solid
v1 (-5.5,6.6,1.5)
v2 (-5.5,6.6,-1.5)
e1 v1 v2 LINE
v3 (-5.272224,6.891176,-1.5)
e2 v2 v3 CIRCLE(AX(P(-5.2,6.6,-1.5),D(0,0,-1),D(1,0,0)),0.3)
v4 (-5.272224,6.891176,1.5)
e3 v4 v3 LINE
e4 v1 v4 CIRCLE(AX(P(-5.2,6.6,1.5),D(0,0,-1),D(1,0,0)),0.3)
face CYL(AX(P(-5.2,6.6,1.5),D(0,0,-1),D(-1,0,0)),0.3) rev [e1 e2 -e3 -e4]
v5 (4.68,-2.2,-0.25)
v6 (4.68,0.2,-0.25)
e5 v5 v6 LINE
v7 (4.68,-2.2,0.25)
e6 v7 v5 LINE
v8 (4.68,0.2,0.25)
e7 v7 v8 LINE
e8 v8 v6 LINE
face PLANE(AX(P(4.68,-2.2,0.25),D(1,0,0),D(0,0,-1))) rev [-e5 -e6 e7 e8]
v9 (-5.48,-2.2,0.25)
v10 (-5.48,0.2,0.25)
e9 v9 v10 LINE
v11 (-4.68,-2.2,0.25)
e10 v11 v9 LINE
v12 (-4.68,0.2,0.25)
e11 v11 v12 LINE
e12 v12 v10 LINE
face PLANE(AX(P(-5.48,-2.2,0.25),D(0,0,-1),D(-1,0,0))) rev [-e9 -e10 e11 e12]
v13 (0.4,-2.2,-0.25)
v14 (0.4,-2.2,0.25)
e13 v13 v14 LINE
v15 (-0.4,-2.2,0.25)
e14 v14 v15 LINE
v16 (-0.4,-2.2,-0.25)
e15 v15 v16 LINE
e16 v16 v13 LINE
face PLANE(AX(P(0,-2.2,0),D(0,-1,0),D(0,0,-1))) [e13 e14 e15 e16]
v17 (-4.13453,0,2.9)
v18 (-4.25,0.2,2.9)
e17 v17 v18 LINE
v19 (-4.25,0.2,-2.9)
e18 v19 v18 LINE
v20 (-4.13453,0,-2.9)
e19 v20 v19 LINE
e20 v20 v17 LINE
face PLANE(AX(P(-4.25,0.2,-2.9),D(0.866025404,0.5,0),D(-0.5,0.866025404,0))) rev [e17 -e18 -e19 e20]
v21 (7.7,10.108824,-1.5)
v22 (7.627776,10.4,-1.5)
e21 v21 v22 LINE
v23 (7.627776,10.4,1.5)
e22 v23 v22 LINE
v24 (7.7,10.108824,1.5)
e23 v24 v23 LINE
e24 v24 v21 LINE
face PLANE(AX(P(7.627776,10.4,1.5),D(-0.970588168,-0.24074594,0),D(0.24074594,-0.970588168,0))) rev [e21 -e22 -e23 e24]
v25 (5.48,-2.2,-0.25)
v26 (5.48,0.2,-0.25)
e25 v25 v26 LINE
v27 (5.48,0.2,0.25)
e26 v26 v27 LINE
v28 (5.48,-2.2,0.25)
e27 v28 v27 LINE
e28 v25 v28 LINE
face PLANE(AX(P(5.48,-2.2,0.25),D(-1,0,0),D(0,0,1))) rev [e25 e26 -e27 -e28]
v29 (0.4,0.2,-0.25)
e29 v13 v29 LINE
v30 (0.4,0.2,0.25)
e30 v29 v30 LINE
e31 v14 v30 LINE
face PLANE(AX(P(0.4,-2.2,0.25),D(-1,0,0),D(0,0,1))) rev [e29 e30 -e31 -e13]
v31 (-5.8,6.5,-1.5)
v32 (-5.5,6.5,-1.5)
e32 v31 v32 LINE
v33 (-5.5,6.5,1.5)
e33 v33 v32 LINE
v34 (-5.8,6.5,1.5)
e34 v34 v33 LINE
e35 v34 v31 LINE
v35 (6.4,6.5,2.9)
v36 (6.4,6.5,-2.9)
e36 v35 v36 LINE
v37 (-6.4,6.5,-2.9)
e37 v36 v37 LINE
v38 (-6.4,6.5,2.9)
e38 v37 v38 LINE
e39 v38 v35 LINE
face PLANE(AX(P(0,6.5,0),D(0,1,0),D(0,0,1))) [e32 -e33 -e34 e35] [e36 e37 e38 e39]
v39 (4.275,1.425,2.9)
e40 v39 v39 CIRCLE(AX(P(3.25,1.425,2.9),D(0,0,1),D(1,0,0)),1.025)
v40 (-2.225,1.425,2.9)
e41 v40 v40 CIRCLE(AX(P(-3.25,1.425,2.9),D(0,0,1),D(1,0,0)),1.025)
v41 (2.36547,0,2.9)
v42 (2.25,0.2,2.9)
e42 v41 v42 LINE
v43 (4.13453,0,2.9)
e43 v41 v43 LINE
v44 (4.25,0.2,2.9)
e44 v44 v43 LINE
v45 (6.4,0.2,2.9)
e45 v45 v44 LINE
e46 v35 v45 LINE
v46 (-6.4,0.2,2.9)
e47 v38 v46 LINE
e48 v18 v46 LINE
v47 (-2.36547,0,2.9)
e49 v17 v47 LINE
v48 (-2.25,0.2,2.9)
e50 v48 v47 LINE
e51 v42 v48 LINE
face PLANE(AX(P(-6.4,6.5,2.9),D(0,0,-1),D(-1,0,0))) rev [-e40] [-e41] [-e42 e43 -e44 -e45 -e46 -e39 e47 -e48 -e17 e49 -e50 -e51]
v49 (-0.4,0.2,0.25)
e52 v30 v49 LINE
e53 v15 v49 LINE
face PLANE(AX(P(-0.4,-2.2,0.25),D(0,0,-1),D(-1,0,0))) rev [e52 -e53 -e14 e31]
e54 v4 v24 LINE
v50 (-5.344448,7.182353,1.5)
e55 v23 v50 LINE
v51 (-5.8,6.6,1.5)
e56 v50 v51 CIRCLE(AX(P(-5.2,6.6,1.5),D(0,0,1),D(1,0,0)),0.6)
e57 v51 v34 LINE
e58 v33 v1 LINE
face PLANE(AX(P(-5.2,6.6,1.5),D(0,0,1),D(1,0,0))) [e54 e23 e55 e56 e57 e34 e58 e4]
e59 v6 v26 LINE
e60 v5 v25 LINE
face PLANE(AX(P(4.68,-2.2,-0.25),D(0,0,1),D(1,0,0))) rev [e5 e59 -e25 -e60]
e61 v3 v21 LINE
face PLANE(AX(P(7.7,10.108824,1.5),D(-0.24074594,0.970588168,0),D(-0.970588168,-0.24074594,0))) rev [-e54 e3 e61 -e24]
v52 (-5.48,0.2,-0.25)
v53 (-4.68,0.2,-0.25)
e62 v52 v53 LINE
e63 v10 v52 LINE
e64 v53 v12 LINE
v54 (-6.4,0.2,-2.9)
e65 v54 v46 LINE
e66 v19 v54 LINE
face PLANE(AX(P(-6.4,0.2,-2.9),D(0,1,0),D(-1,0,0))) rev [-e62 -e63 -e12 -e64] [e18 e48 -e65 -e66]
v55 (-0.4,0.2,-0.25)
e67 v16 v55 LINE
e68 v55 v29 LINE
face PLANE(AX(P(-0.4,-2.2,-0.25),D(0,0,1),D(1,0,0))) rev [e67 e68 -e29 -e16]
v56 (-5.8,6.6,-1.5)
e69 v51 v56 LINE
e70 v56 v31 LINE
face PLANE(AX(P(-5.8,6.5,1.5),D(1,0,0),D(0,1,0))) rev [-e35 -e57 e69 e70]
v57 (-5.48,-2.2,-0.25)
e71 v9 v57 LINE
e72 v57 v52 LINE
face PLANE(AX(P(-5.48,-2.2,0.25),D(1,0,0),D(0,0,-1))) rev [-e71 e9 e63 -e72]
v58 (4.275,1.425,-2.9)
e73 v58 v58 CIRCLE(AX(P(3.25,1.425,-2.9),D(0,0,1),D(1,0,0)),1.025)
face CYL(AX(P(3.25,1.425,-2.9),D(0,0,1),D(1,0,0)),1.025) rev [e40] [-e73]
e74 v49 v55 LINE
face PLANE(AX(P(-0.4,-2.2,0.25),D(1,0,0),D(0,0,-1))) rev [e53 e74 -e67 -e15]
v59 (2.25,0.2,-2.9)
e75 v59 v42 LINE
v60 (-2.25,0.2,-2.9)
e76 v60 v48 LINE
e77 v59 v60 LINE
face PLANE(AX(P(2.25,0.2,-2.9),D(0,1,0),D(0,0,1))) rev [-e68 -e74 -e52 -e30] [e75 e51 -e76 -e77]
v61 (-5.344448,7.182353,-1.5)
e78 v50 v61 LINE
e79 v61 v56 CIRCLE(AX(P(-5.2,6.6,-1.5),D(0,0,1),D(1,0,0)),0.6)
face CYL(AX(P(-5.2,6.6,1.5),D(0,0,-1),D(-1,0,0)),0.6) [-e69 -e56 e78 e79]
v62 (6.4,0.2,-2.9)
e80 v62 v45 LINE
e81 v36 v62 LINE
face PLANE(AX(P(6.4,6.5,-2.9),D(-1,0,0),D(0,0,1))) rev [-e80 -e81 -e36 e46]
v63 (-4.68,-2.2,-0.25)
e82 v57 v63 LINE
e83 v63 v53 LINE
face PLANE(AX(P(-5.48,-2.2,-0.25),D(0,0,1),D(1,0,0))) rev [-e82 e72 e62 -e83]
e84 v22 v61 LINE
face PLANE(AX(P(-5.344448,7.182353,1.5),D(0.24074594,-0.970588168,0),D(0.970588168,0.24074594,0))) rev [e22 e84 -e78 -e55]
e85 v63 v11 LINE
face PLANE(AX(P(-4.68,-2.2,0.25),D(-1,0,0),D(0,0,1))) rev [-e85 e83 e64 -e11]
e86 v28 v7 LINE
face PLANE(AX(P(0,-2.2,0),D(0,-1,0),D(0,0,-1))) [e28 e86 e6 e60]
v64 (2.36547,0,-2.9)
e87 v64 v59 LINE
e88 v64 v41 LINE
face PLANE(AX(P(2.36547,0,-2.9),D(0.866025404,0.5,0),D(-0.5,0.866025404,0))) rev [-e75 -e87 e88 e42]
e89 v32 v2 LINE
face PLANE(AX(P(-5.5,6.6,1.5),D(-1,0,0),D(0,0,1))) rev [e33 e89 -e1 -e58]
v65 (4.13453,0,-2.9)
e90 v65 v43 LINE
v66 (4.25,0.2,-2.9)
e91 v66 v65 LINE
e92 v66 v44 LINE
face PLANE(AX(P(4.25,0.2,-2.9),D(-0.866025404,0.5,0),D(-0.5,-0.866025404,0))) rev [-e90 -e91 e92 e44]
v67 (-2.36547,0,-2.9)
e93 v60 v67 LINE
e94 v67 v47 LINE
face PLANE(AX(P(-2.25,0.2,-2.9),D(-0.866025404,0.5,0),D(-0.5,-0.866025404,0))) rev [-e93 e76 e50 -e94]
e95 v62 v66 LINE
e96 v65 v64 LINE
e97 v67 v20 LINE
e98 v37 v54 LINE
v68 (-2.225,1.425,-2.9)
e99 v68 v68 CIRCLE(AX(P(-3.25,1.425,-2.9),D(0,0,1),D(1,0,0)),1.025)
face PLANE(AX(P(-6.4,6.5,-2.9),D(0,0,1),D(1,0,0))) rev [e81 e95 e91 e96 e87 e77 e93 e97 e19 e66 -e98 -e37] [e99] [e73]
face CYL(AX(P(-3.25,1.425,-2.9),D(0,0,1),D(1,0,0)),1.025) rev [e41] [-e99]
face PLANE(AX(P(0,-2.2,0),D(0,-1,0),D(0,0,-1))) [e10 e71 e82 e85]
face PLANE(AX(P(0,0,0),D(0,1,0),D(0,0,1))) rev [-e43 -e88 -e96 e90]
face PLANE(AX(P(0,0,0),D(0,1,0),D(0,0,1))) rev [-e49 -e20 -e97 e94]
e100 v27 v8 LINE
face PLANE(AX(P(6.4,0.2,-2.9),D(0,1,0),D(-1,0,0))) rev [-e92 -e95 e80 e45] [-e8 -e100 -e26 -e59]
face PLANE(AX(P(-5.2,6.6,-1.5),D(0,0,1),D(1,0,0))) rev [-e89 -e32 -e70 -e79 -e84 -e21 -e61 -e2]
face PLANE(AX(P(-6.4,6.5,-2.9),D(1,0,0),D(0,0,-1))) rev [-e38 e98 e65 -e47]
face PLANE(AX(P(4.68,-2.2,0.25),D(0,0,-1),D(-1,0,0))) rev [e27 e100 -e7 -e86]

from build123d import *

# Parameters (mm, degrees)
SKETCH1_W           = 12.8
SKETCH1_H           = 5.8
BOSS_EXTRUDE1_DEPTH = 6.5
SKETCH2_R           = 1.025
CUT_EXTRUDE1_DEPTH  = 11.80971785
SKETCH3_W           = 0.8
SKETCH3_H           = 0.5
BOSS_EXTRUDE2_DEPTH = 2.4
BOSS_EXTRUDE3_DEPTH = 1.5


with BuildPart() as part:
    # Sketch1 → Boss-Extrude1 (new body)
    with BuildSketch(Plane(origin=(0, 0, 0), x_dir=(1, 0, 0), z_dir=(0, 1, 0))):
        Rectangle(SKETCH1_W, SKETCH1_H)
    extrude(amount=BOSS_EXTRUDE1_DEPTH)

    # Sketch2 → Cut-Extrude1 (cut, through all)
    with BuildSketch(Plane.XY.offset(2.9)):
        with Locations((-3.25, 1.425)):
            Circle(SKETCH2_R)
        with Locations((3.25, 1.425)):
            Circle(SKETCH2_R)
        Polygon((-6.4, 0.2), (-4.25, 0.2), (-4.134529946, 0), (-6.4, 0), align=None)
        Polygon((4.134529946, 0), (6.4, 0), (6.4, 0.2), (4.25, 0.2), align=None)
        Polygon((2.365470054, 0), (2.25, 0.2), (-2.25, 0.2), (-2.365470054, 0), align=None)
    extrude(amount=-CUT_EXTRUDE1_DEPTH, mode=Mode.SUBTRACT)

    # Sketch3 → Boss-Extrude2 (add)
    with BuildSketch(Plane.XZ.offset(-0.2)):
        Rectangle(SKETCH3_W, SKETCH3_H)
        with Locations((5.08, 0)):
            Rectangle(SKETCH3_W, SKETCH3_H)
        with Locations((-5.08, 0)):
            Rectangle(SKETCH3_W, SKETCH3_H)
    extrude(amount=BOSS_EXTRUDE2_DEPTH)

    # Sketch4 → Boss-Extrude3 (add, symmetric)
    with BuildSketch(Plane.XY):
        with BuildLine():
            Line((-5.8, 6.5), (-5.8, 6.6))
            ThreePointArc((-5.8, 6.6), (-5.672582553, 6.969683285), (-5.344447564, 7.182352901))
            Line((-5.344447564, 7.182352901), (7.627776218, 10.4))
            Line((7.627776218, 10.4), (7.7, 10.108823549))
            Line((7.7, 10.108823549), (-5.272223782, 6.891176451))
            ThreePointArc((-5.272223782, 6.891176451), (-5.436291276, 6.784841642), (-5.5, 6.6))
            Line((-5.5, 6.6), (-5.5, 6.5))
            Line((-5.5, 6.5), (-5.8, 6.5))
        make_face()
    extrude(amount=BOSS_EXTRUDE3_DEPTH, both=True)


solid = part.part
